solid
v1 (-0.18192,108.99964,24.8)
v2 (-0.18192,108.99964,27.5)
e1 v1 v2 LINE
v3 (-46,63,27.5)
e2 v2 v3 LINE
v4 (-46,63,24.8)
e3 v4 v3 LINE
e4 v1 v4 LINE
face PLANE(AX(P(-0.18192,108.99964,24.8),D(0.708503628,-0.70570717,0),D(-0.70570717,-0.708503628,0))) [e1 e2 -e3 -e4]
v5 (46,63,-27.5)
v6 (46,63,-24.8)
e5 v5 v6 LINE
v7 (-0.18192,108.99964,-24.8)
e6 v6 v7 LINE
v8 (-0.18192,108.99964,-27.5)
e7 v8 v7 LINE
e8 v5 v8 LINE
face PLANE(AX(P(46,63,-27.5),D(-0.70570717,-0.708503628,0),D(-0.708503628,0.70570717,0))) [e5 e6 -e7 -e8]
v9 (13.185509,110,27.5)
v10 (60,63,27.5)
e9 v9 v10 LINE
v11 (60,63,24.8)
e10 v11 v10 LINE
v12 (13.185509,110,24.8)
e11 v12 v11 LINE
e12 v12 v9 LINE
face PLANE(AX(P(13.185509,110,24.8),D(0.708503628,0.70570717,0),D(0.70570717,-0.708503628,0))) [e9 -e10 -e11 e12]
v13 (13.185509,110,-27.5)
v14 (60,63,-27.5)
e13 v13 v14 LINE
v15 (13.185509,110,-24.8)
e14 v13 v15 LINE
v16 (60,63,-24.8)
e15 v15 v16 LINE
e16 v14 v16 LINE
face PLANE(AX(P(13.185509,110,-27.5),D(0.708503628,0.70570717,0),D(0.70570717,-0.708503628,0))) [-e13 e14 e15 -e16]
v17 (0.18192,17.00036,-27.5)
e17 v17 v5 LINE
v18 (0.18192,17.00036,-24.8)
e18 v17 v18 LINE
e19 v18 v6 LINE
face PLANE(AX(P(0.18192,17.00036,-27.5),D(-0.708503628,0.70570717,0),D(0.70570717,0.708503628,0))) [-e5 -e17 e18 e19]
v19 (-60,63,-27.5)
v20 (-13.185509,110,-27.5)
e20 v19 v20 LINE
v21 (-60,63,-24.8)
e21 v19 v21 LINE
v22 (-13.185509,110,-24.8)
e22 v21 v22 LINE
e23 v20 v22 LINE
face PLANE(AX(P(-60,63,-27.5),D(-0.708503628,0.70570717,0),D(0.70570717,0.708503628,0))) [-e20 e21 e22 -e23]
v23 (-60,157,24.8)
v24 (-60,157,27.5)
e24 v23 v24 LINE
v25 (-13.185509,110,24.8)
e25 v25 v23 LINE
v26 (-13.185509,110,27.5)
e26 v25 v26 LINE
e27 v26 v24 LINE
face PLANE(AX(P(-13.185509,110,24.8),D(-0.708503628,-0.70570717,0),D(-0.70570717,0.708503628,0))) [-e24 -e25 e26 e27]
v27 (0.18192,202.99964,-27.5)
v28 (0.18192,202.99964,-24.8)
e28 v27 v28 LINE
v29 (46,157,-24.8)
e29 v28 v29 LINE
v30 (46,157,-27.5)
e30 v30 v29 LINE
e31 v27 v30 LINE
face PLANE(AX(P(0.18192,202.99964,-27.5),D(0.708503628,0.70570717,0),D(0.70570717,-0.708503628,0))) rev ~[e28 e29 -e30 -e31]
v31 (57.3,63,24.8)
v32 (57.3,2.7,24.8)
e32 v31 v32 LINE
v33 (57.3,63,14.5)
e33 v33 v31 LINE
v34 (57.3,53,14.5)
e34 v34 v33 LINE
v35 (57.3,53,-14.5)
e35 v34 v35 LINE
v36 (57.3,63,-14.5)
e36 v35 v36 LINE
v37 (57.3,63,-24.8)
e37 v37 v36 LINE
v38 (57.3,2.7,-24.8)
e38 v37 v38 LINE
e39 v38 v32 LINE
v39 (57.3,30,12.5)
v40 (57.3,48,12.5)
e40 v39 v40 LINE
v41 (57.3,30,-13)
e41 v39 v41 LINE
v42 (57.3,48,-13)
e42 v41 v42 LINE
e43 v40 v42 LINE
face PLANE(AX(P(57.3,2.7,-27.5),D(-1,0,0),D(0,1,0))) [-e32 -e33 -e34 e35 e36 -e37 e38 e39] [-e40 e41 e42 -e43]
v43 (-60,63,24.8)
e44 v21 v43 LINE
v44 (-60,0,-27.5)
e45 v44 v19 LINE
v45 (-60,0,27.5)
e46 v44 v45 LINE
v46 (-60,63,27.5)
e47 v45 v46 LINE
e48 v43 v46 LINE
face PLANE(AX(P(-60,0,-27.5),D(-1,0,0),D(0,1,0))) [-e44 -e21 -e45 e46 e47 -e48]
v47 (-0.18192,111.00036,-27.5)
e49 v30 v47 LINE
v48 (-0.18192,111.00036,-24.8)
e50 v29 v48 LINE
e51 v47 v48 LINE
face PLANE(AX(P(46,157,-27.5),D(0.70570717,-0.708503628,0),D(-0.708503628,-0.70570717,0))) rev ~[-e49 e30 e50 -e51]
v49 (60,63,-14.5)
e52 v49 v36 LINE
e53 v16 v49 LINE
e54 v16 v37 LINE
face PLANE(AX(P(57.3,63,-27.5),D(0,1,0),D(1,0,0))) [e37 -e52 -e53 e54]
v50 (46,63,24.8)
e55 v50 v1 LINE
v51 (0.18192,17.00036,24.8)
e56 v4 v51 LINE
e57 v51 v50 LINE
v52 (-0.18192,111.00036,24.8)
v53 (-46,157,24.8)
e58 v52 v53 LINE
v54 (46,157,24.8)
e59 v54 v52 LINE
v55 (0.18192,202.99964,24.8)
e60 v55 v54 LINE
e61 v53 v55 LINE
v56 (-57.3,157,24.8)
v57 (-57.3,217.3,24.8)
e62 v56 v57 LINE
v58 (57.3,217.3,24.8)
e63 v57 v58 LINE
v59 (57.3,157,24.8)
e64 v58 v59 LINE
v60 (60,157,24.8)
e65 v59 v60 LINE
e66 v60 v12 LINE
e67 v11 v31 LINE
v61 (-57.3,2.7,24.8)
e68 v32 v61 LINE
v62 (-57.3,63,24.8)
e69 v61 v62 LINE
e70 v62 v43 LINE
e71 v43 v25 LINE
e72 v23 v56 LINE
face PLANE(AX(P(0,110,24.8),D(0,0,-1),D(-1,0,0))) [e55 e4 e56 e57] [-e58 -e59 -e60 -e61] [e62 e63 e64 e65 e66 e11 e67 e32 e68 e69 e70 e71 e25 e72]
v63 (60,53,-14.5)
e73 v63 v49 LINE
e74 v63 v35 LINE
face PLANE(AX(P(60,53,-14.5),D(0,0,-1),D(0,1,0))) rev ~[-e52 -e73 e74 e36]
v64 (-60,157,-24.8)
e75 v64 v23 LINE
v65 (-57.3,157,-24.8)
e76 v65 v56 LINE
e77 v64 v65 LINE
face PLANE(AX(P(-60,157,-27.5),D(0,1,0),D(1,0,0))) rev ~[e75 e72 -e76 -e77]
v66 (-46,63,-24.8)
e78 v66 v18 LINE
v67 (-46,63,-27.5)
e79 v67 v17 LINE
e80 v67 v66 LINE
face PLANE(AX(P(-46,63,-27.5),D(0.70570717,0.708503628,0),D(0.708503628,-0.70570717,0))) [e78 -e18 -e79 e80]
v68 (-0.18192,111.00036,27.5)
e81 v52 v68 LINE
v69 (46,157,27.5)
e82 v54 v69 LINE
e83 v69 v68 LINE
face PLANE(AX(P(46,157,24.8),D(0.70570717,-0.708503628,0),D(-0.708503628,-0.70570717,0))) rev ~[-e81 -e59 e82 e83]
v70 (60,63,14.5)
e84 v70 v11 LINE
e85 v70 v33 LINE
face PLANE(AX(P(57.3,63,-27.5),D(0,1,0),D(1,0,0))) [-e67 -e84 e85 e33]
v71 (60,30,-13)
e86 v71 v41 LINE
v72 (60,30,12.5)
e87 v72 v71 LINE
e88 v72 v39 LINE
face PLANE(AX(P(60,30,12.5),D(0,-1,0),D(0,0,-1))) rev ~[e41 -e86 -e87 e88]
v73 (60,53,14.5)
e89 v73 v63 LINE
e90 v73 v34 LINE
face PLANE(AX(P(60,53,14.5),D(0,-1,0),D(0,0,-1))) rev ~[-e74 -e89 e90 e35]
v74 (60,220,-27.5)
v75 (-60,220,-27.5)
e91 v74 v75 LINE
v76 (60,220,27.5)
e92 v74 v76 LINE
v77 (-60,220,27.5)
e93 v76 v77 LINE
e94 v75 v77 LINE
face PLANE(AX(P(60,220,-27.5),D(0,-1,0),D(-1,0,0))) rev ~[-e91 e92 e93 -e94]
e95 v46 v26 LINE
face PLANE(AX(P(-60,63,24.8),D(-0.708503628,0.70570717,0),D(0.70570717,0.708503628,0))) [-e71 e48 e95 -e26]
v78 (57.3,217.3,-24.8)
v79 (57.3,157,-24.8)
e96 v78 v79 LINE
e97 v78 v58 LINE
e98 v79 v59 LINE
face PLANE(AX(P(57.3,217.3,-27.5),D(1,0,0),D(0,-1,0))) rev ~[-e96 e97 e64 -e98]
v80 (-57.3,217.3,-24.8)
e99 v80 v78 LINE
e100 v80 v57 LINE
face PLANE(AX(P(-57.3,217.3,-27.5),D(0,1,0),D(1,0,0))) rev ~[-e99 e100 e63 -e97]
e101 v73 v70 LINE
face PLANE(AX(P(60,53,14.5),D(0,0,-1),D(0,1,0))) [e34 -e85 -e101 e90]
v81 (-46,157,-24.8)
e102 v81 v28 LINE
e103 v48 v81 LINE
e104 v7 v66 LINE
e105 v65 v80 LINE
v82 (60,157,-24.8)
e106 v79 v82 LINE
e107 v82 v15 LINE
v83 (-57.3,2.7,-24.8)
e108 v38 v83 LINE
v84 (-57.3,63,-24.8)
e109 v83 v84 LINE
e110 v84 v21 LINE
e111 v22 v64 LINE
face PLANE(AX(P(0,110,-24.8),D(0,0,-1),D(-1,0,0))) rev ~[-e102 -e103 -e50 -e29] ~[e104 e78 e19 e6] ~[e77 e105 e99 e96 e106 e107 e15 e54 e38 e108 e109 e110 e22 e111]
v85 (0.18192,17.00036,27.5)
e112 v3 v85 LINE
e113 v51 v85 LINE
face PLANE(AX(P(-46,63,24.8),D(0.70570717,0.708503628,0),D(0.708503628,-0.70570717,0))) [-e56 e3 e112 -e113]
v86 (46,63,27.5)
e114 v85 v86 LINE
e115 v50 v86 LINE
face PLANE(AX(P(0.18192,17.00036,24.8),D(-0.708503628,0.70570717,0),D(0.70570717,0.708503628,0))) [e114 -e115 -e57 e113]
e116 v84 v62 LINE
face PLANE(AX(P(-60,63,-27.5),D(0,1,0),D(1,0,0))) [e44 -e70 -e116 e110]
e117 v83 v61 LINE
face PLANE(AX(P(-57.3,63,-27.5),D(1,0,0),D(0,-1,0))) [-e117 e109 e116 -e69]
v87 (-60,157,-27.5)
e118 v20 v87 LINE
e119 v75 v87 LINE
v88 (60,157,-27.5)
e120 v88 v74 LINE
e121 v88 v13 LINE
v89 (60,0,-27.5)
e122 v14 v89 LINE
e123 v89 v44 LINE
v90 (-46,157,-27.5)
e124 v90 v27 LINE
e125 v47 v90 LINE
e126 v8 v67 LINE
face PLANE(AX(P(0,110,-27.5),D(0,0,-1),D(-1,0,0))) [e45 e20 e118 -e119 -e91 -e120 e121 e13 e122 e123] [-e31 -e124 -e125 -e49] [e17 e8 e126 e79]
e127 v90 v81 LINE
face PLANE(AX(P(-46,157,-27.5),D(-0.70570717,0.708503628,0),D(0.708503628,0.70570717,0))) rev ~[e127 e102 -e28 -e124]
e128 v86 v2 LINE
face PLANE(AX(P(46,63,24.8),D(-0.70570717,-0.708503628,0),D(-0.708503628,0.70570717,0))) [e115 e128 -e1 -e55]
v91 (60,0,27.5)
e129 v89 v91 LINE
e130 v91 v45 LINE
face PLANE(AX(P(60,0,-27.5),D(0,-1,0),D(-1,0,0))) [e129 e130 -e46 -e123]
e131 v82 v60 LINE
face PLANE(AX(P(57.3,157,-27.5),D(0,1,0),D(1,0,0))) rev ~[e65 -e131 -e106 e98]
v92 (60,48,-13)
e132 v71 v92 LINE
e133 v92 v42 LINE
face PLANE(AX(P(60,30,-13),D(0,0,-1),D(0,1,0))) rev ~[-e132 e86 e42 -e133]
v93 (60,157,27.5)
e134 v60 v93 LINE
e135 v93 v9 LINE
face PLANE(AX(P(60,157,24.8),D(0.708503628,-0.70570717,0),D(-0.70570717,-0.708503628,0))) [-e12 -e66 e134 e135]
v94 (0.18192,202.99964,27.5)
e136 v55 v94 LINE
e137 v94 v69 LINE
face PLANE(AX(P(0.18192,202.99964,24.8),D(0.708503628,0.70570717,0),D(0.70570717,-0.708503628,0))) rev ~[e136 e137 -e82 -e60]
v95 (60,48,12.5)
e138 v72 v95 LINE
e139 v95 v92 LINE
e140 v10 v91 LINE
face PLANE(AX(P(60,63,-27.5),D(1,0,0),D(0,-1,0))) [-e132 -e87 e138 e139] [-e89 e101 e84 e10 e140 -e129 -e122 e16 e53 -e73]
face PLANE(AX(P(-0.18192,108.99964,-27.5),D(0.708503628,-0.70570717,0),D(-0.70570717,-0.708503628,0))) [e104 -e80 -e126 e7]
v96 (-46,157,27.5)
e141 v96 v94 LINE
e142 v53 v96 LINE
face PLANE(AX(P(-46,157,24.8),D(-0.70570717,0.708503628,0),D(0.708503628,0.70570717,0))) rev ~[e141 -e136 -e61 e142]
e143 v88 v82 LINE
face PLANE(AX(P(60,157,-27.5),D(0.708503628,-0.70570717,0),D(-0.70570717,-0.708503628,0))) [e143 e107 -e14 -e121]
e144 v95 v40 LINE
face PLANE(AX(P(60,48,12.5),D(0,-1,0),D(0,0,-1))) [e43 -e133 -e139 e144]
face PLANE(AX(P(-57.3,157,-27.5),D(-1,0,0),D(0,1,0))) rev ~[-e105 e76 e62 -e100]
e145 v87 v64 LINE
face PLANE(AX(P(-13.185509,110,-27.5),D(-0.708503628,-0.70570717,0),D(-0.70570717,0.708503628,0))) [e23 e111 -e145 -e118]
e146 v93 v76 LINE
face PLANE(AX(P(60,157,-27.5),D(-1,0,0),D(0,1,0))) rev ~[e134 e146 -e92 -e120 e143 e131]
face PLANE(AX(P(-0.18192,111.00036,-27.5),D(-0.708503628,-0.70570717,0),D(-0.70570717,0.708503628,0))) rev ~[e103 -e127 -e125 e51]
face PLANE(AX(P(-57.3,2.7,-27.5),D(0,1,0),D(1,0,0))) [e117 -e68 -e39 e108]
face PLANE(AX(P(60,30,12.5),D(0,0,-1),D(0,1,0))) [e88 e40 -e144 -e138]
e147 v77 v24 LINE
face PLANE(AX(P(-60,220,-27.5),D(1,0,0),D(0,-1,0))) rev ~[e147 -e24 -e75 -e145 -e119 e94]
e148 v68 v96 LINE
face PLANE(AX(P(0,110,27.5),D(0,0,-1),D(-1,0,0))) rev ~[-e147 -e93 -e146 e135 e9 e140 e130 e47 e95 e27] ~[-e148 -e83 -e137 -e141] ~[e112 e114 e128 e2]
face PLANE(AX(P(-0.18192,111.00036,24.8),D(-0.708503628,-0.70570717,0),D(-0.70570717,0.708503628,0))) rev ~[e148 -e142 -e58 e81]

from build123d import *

# Parameters (mm, degrees)
EXTRUDE_1_DEPTH     = 55
EXTRUDE_2_DEPTH     = 55
EXTRUDE_3_DEPTH     = 2.7
EXTRUDE_START       = 52.3
EXTRUDE_4_DEPTH     = 2.7
SKETCH_4_W          = 25.5
SKETCH_4_H          = 18
SKETCH_4_W_2        = 29
SKETCH_4_H_2        = 10
CUT_EXTRUDE_1_DEPTH = 2.7


with BuildPart() as part:
    # 草图2 → 凸台-拉伸1 (new body)
    with BuildSketch(Plane.XY.offset(-27.5)):
        Polygon((57.3, 157), (60, 157), (60, 220), (-60, 220), (-60, 157), (-57.3, 157), (-57.3, 217.3), (57.3, 217.3), align=None)
    extrude(amount=EXTRUDE_1_DEPTH)



with BuildPart() as body_2:
    # 草图2<7> → 凸台-拉伸2 (new body)
    with BuildSketch(Plane.XY.offset(-27.5)):
        Polygon((-60, 0), (60, 0), (60, 63), (57.3, 63), (57.3, 2.7), (-57.3, 2.7), (-57.3, 63), (-60, 63), align=None)
    extrude(amount=EXTRUDE_2_DEPTH)


with BuildPart() as part_1:
    add(part.part)

    add(body_2.part)  # 凸台-拉伸3 merges body 2
    # 草图2<8> → 凸台-拉伸3 (add)
    with BuildSketch(Plane.XY.offset(-27.5)):
        Polygon((57.3, 63), (60, 63), (13.185508624, 110), (60, 157), (57.3, 157), (57.3, 217.3), (-57.3, 217.3), (-57.3, 157), (-60, 157), (-13.185508624, 110), (-60, 63), (-57.3, 63), (-57.3, 2.7), (57.3, 2.7), align=None)
        Polygon((46, 63), (0.18191994, 17.000359728), (-46, 63), (-0.18191994, 108.999640272), align=None, mode=Mode.SUBTRACT)
        Polygon((0.18191994, 202.999640272), (46, 157), (-0.18191994, 111.000359728), (-46, 157), align=None, mode=Mode.SUBTRACT)
    extrude(amount=EXTRUDE_3_DEPTH)

    # 草图2<9> → 凸台-拉伸4 (add)
    with BuildSketch(Plane.XY.offset(-27.5).offset(EXTRUDE_START)):
        Polygon((57.3, 63), (60, 63), (13.185508624, 110), (60, 157), (57.3, 157), (57.3, 217.3), (-57.3, 217.3), (-57.3, 157), (-60, 157), (-13.185508624, 110), (-60, 63), (-57.3, 63), (-57.3, 2.7), (57.3, 2.7), align=None)
        Polygon((46, 63), (0.18191994, 17.000359728), (-46, 63), (-0.18191994, 108.999640272), align=None, mode=Mode.SUBTRACT)
        Polygon((0.18191994, 202.999640272), (46, 157), (-0.18191994, 111.000359728), (-46, 157), align=None, mode=Mode.SUBTRACT)
    extrude(amount=EXTRUDE_4_DEPTH)

    # 草图4 → 切除-拉伸1 (cut)
    with BuildSketch(Plane(origin=(60, 0, 0), x_dir=(0, 0, -1), z_dir=(1, 0, 0))):
        with Locations((0.25, 39)):
            Rectangle(SKETCH_4_W, SKETCH_4_H)
        with Locations((0, 58)):
            Rectangle(SKETCH_4_W_2, SKETCH_4_H_2)
    extrude(amount=-CUT_EXTRUDE_1_DEPTH, mode=Mode.SUBTRACT)


solid = part_1.part
